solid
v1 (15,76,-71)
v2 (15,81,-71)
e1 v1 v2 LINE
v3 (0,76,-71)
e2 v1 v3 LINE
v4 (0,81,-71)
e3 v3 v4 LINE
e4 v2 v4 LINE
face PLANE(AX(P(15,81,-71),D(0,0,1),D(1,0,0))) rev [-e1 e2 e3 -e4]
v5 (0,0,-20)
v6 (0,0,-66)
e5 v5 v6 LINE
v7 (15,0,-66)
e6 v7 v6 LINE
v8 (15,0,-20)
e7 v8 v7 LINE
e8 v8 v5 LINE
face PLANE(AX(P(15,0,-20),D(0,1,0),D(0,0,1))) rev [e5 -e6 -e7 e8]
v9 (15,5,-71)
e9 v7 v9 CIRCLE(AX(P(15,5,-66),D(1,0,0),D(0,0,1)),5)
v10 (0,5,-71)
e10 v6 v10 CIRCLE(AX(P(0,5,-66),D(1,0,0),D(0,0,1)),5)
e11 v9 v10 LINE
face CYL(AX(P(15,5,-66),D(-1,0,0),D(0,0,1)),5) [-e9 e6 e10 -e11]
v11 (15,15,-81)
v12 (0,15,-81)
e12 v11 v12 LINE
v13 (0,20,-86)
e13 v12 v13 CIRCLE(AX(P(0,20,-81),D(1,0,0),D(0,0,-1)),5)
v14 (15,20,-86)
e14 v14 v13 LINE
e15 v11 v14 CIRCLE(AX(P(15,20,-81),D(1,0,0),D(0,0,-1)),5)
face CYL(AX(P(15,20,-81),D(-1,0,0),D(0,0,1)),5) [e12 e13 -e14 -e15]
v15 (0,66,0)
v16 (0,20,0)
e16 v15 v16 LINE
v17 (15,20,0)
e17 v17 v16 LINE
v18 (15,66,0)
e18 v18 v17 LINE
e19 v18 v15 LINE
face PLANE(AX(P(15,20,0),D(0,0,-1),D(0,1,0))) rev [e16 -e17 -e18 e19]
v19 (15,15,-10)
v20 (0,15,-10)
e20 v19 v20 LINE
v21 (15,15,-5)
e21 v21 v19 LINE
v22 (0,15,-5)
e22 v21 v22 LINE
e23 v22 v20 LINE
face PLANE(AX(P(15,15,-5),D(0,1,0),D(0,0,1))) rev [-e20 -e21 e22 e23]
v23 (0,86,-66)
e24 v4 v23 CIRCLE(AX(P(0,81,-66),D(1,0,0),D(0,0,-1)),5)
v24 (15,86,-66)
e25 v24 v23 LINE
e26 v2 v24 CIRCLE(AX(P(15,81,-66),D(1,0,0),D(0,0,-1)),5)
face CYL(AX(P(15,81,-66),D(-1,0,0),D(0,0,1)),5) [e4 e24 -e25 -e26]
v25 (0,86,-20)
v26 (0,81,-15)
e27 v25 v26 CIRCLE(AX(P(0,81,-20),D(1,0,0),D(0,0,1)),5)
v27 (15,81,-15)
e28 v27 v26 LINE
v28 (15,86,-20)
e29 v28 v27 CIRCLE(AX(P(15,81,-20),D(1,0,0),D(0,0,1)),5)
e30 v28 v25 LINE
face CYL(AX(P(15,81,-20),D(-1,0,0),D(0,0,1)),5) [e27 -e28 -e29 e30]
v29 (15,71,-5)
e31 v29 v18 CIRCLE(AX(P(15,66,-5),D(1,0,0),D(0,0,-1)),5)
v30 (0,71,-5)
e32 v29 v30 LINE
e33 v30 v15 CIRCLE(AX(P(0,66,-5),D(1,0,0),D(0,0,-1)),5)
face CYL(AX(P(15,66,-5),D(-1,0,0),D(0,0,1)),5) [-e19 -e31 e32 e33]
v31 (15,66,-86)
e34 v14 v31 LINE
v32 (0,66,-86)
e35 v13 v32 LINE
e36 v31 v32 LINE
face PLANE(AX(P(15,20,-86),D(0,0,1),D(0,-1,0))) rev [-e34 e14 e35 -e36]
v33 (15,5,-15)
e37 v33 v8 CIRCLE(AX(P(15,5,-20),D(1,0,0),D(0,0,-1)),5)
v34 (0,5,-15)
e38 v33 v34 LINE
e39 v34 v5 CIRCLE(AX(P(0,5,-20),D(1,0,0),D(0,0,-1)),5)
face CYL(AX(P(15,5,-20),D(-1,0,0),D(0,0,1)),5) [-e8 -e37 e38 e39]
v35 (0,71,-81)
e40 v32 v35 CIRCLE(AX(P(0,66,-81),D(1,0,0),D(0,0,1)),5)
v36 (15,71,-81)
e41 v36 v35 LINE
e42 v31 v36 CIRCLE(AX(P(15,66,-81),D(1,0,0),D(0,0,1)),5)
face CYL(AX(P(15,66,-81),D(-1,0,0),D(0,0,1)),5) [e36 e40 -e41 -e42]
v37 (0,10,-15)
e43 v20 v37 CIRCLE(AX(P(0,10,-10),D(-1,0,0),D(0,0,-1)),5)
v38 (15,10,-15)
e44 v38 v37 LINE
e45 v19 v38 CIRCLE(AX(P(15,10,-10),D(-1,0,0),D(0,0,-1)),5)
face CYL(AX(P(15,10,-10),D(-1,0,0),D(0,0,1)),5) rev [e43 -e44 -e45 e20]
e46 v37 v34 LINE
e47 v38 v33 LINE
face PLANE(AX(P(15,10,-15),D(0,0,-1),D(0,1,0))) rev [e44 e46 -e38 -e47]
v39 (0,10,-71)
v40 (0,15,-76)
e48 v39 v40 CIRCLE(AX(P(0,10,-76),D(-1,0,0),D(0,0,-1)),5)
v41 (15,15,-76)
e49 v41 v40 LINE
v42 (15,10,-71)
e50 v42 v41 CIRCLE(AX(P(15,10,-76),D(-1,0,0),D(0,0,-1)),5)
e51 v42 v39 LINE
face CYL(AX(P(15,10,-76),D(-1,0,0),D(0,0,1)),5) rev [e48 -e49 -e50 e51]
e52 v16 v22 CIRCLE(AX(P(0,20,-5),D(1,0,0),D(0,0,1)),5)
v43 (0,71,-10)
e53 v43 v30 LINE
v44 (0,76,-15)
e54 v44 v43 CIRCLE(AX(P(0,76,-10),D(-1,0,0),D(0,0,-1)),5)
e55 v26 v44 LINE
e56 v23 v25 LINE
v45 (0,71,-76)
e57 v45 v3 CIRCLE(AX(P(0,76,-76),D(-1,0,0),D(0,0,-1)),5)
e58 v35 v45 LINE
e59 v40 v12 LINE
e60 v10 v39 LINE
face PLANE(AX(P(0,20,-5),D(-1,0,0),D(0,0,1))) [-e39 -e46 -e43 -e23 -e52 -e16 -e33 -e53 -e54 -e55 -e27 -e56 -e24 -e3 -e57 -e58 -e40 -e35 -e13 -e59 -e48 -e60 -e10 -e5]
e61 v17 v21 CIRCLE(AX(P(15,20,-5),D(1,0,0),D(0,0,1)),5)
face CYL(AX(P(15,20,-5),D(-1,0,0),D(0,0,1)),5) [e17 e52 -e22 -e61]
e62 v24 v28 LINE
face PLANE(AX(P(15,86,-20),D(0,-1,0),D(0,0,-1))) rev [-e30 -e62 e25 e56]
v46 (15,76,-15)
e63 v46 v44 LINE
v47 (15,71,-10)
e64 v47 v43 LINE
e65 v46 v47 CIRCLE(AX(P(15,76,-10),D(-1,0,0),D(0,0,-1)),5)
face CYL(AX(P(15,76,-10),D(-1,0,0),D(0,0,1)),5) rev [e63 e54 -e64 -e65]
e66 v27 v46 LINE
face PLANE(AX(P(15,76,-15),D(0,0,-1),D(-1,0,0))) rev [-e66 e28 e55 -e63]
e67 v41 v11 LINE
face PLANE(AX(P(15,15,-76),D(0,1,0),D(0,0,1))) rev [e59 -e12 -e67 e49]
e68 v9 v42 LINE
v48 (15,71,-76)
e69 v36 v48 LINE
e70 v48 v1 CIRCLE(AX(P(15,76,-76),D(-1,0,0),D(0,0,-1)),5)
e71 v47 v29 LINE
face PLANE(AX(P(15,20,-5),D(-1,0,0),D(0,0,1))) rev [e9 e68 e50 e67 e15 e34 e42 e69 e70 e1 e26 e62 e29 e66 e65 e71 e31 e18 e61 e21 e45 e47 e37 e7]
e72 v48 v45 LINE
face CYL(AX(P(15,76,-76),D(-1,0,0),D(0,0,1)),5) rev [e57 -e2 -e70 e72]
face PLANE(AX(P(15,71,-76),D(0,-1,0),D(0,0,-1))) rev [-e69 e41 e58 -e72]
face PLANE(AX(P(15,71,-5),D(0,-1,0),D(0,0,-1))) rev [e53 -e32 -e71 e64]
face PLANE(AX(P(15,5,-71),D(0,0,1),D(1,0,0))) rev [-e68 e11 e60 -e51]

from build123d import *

# Parameters (mm, degrees)
BOSS_EXTRUDE1_DEPTH = 15


with BuildPart() as part:
    # Sketch1 → Boss-Extrude1 (new body)
    with BuildSketch(Plane(origin=(0, 0, 0), x_dir=(0, 0, -1), z_dir=(1, 0, 0))):
        with BuildLine():
            Line((20, 0), (66, 0))
            ThreePointArc((66, 0), (69.535533906, 1.464466094), (71, 5))
            Line((71, 5), (71, 10))
            ThreePointArc((71, 10), (72.464466094, 13.535533906), (76, 15))
            Line((76, 15), (81, 15))
            ThreePointArc((81, 15), (84.535533906, 16.464466094), (86, 20))
            Line((86, 20), (86, 66))
            ThreePointArc((86, 66), (84.535533906, 69.535533906), (81, 71))
            Line((81, 71), (76, 71))
            ThreePointArc((76, 71), (72.464466094, 72.464466094), (71, 76))
            Line((71, 76), (71, 81))
            ThreePointArc((71, 81), (69.535533906, 84.535533906), (66, 86))
            Line((66, 86), (20, 86))
            ThreePointArc((20, 86), (16.464466094, 84.535533906), (15, 81))
            Line((15, 81), (15, 76))
            ThreePointArc((15, 76), (13.535533906, 72.464466094), (10, 71))
            Line((10, 71), (5, 71))
            ThreePointArc((5, 71), (1.464466094, 69.535533906), (0, 66))
            Line((0, 66), (0, 20))
            ThreePointArc((0, 20), (1.464466094, 16.464466094), (5, 15))
            Line((5, 15), (10, 15))
            ThreePointArc((10, 15), (13.535533906, 13.535533906), (15, 10))
            Line((15, 10), (15, 5))
            ThreePointArc((15, 5), (16.464466094, 1.464466094), (20, 0))
        make_face()
    extrude(amount=BOSS_EXTRUDE1_DEPTH)


solid = part.part
